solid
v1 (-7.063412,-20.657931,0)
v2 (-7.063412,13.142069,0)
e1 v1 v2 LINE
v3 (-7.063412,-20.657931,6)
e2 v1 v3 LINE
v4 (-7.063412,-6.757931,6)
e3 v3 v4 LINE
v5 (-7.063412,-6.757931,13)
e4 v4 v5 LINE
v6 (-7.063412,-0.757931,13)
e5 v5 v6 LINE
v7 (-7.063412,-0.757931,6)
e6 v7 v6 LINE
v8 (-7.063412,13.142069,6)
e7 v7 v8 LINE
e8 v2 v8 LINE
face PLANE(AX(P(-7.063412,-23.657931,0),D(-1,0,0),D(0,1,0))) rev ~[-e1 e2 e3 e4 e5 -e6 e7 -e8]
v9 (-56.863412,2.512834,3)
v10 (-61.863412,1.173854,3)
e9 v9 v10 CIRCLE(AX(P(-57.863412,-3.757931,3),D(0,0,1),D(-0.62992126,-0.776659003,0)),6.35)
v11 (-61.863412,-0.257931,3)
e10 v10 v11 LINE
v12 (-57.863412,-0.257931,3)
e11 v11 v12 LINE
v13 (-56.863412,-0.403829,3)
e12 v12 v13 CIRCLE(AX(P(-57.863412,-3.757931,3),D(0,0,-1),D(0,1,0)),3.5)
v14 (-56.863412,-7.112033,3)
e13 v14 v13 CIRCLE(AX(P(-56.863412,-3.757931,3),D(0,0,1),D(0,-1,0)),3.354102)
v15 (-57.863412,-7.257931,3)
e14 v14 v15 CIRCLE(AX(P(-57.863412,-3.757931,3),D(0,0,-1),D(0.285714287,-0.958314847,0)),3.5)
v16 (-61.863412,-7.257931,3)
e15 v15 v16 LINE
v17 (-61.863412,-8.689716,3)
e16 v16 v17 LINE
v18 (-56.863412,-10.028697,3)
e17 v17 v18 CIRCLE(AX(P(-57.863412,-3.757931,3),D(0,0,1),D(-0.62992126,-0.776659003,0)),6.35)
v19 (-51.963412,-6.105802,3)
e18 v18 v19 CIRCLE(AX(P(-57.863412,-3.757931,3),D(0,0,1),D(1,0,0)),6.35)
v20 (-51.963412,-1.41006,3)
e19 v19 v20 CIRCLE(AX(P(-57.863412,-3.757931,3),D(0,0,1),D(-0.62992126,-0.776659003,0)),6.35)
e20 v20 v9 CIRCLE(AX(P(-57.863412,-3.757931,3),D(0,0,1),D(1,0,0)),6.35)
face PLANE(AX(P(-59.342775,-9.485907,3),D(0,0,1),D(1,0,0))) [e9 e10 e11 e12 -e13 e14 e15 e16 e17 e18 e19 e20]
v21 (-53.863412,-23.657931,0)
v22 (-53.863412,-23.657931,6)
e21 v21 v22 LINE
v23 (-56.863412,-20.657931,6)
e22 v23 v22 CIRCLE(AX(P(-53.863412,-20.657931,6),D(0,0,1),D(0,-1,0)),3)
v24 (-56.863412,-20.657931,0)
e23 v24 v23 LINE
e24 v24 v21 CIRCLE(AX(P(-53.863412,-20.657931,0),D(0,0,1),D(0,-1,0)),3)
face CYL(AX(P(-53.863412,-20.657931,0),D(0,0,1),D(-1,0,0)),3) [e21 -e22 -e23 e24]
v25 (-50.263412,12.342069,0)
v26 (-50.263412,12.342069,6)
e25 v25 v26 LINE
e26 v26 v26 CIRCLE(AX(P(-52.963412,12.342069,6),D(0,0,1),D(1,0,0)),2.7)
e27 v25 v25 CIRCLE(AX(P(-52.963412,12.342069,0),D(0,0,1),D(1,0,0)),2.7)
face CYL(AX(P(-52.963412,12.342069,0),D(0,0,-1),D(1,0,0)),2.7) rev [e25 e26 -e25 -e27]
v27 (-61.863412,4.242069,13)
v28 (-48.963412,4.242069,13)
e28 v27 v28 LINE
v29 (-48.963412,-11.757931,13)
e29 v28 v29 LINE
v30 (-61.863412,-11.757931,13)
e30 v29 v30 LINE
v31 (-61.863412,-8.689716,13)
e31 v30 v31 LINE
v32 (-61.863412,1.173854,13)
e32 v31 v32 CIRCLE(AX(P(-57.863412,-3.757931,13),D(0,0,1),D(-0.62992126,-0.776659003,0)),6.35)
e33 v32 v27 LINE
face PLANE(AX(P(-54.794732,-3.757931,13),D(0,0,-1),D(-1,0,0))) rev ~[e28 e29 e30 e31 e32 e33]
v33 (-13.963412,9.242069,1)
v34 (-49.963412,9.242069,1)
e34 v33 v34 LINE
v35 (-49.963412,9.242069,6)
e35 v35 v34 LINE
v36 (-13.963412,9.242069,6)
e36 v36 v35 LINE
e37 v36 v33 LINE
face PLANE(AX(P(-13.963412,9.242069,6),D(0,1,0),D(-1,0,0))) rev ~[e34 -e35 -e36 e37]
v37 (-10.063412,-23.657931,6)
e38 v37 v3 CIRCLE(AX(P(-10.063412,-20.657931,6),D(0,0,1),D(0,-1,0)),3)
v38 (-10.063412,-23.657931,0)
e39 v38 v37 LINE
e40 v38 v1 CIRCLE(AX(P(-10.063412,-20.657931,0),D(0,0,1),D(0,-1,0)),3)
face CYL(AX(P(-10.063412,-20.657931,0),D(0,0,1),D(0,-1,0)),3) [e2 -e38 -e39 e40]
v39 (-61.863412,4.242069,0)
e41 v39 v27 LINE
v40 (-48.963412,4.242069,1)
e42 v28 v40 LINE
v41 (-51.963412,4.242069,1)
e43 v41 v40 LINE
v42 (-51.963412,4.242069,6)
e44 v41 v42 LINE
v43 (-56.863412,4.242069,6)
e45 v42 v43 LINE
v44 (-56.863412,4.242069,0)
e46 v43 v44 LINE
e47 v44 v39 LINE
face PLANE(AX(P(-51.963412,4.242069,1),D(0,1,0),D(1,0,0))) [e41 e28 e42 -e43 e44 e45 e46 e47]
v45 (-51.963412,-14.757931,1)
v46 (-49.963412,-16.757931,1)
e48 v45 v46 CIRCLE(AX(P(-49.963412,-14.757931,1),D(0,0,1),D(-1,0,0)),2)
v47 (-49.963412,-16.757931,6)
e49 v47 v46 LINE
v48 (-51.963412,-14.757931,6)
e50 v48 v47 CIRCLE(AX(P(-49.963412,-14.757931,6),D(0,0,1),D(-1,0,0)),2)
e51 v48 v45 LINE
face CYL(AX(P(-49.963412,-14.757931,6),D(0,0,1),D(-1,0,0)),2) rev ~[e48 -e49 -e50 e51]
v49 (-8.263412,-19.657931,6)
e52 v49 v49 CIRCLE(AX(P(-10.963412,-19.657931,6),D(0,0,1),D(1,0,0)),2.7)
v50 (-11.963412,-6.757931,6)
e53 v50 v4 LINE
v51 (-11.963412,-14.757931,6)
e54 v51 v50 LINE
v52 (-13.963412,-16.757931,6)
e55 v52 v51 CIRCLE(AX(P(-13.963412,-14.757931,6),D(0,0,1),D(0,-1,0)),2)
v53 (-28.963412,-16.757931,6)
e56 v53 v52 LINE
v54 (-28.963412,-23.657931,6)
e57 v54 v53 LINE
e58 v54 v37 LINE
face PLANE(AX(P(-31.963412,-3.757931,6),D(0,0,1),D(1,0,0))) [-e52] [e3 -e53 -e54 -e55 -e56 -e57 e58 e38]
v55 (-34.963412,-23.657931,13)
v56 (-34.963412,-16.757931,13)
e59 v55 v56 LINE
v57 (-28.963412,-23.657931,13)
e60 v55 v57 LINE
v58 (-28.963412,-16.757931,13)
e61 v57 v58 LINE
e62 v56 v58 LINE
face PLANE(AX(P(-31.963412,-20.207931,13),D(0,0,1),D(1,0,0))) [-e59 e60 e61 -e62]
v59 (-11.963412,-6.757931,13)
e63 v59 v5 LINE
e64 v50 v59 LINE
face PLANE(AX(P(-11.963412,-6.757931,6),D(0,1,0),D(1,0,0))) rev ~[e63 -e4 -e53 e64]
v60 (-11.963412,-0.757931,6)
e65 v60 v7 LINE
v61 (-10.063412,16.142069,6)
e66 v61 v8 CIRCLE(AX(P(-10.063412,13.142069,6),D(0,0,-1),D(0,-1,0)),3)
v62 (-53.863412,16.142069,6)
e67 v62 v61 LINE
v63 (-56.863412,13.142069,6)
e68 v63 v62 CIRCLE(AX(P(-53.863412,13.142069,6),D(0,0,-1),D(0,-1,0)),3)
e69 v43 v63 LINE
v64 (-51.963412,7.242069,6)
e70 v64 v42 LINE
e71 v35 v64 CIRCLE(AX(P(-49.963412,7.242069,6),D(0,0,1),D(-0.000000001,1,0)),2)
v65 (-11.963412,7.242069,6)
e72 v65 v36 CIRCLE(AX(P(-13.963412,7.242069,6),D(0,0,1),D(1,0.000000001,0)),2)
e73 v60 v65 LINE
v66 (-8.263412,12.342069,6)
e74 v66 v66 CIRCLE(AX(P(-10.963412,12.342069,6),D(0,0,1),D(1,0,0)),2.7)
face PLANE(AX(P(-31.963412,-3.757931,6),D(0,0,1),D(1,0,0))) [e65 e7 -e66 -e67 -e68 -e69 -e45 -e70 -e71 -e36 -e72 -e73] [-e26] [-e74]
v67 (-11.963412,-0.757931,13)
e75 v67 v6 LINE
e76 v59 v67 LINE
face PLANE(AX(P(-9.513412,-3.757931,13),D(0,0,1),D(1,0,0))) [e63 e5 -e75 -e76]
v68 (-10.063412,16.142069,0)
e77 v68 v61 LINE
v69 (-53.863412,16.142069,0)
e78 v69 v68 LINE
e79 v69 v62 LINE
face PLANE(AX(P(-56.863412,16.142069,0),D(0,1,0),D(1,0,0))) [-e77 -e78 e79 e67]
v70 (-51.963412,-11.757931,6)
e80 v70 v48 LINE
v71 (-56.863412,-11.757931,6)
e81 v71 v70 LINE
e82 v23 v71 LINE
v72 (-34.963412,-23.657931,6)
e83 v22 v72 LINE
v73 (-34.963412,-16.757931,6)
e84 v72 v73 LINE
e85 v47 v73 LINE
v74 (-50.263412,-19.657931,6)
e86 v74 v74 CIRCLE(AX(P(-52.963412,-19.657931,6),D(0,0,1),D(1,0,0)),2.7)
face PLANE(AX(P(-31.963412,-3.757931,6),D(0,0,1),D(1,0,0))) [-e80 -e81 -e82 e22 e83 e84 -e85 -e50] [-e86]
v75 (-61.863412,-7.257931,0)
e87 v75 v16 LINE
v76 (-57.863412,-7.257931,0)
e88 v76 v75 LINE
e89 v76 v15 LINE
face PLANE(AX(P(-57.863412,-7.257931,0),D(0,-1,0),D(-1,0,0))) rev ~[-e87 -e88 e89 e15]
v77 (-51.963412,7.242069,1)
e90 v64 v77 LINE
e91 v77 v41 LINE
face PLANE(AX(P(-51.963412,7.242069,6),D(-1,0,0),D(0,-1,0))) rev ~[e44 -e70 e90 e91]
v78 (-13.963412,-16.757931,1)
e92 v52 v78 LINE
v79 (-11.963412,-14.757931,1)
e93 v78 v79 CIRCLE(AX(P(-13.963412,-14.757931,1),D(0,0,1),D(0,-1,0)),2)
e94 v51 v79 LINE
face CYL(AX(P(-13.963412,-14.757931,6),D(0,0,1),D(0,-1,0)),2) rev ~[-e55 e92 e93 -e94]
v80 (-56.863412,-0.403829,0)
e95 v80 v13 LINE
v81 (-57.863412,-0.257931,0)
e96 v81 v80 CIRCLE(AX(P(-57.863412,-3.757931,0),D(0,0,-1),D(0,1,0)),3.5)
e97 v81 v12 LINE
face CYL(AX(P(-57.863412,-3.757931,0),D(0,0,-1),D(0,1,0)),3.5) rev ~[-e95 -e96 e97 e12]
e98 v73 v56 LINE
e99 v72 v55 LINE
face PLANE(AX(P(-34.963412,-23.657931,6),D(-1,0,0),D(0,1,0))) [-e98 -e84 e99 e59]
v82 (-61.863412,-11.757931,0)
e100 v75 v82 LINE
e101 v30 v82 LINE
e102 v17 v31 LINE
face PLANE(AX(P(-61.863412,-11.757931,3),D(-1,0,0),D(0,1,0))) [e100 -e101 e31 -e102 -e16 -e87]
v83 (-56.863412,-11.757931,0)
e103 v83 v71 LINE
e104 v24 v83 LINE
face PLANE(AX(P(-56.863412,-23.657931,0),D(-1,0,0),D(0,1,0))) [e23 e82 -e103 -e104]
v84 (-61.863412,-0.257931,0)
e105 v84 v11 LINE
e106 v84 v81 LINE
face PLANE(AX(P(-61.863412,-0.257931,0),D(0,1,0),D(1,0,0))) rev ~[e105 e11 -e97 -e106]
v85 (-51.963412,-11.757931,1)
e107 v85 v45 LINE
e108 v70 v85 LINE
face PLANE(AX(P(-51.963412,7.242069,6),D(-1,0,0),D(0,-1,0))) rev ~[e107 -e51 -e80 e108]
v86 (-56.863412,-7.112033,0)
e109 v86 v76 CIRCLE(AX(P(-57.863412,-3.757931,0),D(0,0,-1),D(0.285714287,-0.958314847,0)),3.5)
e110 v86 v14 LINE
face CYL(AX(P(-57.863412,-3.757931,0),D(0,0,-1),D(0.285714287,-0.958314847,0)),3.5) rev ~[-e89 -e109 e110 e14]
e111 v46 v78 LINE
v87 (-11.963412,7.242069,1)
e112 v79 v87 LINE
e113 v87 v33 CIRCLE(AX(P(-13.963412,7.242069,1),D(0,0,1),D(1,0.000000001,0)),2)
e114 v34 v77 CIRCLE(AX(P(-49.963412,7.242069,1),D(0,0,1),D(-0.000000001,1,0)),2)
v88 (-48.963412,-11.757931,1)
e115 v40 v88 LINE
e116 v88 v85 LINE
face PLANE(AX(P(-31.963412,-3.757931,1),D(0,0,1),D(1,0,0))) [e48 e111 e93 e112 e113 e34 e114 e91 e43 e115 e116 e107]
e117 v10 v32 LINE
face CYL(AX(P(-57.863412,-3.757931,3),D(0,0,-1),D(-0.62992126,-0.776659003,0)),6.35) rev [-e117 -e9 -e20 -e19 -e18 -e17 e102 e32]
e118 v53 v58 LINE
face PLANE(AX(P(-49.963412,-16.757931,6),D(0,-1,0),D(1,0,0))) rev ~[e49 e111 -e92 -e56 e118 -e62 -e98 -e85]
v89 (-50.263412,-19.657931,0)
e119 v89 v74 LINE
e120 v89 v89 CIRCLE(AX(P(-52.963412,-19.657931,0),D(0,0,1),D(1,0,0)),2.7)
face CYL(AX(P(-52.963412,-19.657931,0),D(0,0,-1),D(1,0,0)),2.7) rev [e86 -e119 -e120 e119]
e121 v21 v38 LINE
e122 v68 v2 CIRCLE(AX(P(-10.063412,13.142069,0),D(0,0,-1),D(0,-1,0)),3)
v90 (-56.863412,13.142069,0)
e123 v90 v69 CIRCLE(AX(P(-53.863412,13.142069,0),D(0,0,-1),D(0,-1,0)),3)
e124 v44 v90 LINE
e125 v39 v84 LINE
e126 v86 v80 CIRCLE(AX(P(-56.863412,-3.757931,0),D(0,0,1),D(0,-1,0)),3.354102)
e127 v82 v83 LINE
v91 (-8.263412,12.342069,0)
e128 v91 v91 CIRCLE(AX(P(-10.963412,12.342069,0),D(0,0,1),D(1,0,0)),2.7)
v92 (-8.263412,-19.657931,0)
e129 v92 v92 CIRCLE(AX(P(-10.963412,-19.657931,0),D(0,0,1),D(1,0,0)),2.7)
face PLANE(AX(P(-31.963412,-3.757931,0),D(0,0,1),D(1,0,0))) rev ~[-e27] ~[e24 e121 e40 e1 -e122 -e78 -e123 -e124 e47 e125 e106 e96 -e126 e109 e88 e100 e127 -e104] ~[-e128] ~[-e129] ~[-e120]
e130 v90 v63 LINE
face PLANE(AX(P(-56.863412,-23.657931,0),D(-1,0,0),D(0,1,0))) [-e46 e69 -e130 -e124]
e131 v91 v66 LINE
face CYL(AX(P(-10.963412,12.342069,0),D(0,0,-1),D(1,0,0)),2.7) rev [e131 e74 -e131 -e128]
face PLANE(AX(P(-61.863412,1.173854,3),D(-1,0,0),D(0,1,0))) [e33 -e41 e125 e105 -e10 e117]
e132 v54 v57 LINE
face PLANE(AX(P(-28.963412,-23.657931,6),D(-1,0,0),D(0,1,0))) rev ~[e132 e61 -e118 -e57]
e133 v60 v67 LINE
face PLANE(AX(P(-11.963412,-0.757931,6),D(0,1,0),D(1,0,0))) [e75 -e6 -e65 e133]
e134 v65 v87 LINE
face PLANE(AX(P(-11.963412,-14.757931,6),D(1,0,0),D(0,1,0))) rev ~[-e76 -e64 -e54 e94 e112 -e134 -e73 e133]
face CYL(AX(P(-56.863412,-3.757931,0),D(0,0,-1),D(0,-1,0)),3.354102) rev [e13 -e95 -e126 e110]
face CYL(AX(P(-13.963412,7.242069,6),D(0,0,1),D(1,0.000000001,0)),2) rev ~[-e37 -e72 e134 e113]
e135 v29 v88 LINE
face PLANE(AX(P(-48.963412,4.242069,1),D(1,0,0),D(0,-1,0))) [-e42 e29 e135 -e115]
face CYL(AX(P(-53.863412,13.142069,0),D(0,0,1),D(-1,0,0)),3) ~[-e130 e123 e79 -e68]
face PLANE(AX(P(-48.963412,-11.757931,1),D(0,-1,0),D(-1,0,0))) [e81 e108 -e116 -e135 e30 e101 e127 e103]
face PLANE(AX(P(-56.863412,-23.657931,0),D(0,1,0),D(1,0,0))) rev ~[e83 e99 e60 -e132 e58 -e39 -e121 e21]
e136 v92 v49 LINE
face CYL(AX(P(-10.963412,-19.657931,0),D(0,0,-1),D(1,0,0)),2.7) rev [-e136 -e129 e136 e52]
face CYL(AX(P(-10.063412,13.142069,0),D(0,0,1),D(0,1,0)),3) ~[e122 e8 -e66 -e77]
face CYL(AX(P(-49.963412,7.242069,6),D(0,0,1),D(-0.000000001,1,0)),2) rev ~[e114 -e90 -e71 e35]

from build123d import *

# Parameters (mm, degrees)
CROQUIS1_W              = 49.8
CROQUIS1_H              = 39.8
CROQUIS1_R              = 2.7
SALIENTE_EXTRUIR1_DEPTH = 6
CORTAR_EXTRUIR1_DEPTH   = 5
CROQUIS3_W              = 4.9
CROQUIS3_H              = 6
CROQUIS3_W_2            = 6
CROQUIS3_H_2            = 6.9
SALIENTE_EXTRUIR2_DEPTH = 7
REDONDEO1_R             = 3
SALIENTE_EXTRUIR3_DEPTH = 3
CROQUIS5_R              = 6.35
CORTAR_EXTRUIR2_DEPTH   = 3
SALIENTE_EXTRUIR4_DEPTH = 10
SALIENTE_EXTRUIR5_DEPTH = 2
CORTAR_EXTRUIR3_START   = -3
CORTAR_EXTRUIR3_DEPTH   = 3


with BuildPart() as part:
    # Croquis1 → Saliente-Extruir1 (new body)
    with BuildSketch(Plane.XY):
        with Locations((-31.963412372, -3.757931034)):
            Rectangle(CROQUIS1_W, CROQUIS1_H)
        with Locations((-52.963412372, 12.342068966)):
            Circle(CROQUIS1_R, mode=Mode.SUBTRACT)
        with Locations((-10.963412372, 12.342068966)):
            Circle(CROQUIS1_R, mode=Mode.SUBTRACT)
        with Locations((-10.963412372, -19.657931034)):
            Circle(CROQUIS1_R, mode=Mode.SUBTRACT)
        with Locations((-52.963412372, -19.657931034)):
            Circle(CROQUIS1_R, mode=Mode.SUBTRACT)
    extrude(amount=SALIENTE_EXTRUIR1_DEPTH)

    # Croquis2 → Cortar-Extruir1 (cut)
    with BuildSketch(Plane.XY.offset(6)):
        with BuildLine():
            Line((-49.963412372, -16.757931034), (-13.963412372, -16.757931034))
            ThreePointArc((-13.963412372, -16.757931034), (-12.54919881, -16.172144597), (-11.963412372, -14.757931034))
            Line((-11.963412372, -14.757931034), (-11.963412372, 7.242068966))
            ThreePointArc((-11.963412372, 7.242068966), (-12.54919881, 8.656282528), (-13.963412372, 9.242068966))
            Line((-13.963412372, 9.242068966), (-49.963412372, 9.242068966))
            ThreePointArc((-49.963412372, 9.242068966), (-51.377625934, 8.656282528), (-51.963412372, 7.242068966))
            Line((-51.963412372, 7.242068966), (-51.963412372, -14.757931034))
            ThreePointArc((-51.963412372, -14.757931034), (-51.377625934, -16.172144597), (-49.963412372, -16.757931034))
        make_face()
    extrude(amount=-CORTAR_EXTRUIR1_DEPTH, mode=Mode.SUBTRACT)

    # Croquis3 → Saliente-Extruir2 (add)
    with BuildSketch(Plane.XY.offset(6)):
        with Locations((-9.513412372, -3.757931034)):
            Rectangle(CROQUIS3_W, CROQUIS3_H)
        with Locations((-31.963412372, -20.207931034)):
            Rectangle(CROQUIS3_W_2, CROQUIS3_H_2)
    extrude(amount=SALIENTE_EXTRUIR2_DEPTH)

    # Redondeo1
    redondeo1_edges = [part.edges().sort_by_distance(p)[0] for p in [
        (-56.863412372, 16.142068966, 3),
        (-7.063412372, 16.142068966, 3),
        (-7.063412372, -23.657931034, 3),
        (-56.863412372, -23.657931034, 3),
    ]]
    fillet(redondeo1_edges, radius=REDONDEO1_R)

    # Croquis4 → Saliente-Extruir3 (add)
    with BuildSketch(Plane(origin=(0, 0, 0), x_dir=(-1, 0, 0), z_dir=(0, 0, -1))):
        with BuildLine():
            Line((56.863412372, 4.242068966), (61.863412372, 4.242068966))
            Line((61.863412372, 4.242068966), (61.863412372, -0.257931034))
            Line((61.863412372, -0.257931034), (57.863412372, -0.257931034))
            ThreePointArc((57.863412372, -0.257931034), (57.358118834, -0.294597605), (56.863412372, -0.403829068))
            Line((56.863412372, -0.403829068), (56.863412372, 4.242068966))
        make_face()
        with BuildLine():
            Line((61.863412372, -11.757931034), (56.863412372, -11.757931034))
            Line((56.863412372, -11.757931034), (56.863412372, -7.112033001))
            ThreePointArc((56.863412372, -7.112033001), (57.358118834, -7.221264464), (57.863412372, -7.257931034))
            Line((57.863412372, -7.257931034), (61.863412372, -7.257931034))
            Line((61.863412372, -7.257931034), (61.863412372, -11.757931034))
        make_face()
    extrude(amount=-SALIENTE_EXTRUIR3_DEPTH)

    # Croquis5 → Cortar-Extruir2 (cut)
    with BuildSketch(Plane.XY.offset(3)):
        with Locations((-57.863412372, -3.757931034)):
            Circle(CROQUIS5_R)
    extrude(amount=CORTAR_EXTRUIR2_DEPTH, mode=Mode.SUBTRACT)

    # Croquis6 → Saliente-Extruir4 (add)
    with BuildSketch(Plane.XY.offset(3)):
        with BuildLine():
            Line((-61.863412372, 4.242068966), (-51.963412372, 4.242068966))
            Line((-51.963412372, 4.242068966), (-48.963412372, 4.242068966))
            Line((-48.963412372, 4.242068966), (-48.963412372, -11.757931034))
            Line((-48.963412372, -11.757931034), (-51.963412372, -11.757931034))
            Line((-51.963412372, -11.757931034), (-61.863412372, -11.757931034))
            Line((-61.863412372, -11.757931034), (-61.863412372, -8.689715701))
            ThreePointArc((-61.863412372, -8.689715701), (-51.513412372, -3.757931034), (-61.863412372, 1.173853632))
            Line((-61.863412372, 1.173853632), (-61.863412372, 4.242068966))
        make_face()
    extrude(amount=SALIENTE_EXTRUIR4_DEPTH)

    # Croquis7 → Saliente-Extruir5 (add)
    with BuildSketch(Plane.XY.offset(1)):
        Polygon((-51.963412372, -3.757931034), (-51.963412372, 4.242068966), (-48.963412372, 4.242068966), (-48.963412372, -11.757931034), (-51.963412372, -11.757931034), align=None)
    extrude(amount=SALIENTE_EXTRUIR5_DEPTH)

    # Croquis8 → Cortar-Extruir3 (cut)
    with BuildSketch(Plane.XY.offset(3).offset(CORTAR_EXTRUIR3_START)):
        with BuildLine():
            Line((-56.863412372, -0.403829068), (-56.863412372, -7.112033001))
            ThreePointArc((-56.863412372, -7.112033001), (-53.509310406, -3.757931034), (-56.863412372, -0.403829068))
        make_face()
    extrude(amount=CORTAR_EXTRUIR3_DEPTH, mode=Mode.SUBTRACT)


solid = part.part
